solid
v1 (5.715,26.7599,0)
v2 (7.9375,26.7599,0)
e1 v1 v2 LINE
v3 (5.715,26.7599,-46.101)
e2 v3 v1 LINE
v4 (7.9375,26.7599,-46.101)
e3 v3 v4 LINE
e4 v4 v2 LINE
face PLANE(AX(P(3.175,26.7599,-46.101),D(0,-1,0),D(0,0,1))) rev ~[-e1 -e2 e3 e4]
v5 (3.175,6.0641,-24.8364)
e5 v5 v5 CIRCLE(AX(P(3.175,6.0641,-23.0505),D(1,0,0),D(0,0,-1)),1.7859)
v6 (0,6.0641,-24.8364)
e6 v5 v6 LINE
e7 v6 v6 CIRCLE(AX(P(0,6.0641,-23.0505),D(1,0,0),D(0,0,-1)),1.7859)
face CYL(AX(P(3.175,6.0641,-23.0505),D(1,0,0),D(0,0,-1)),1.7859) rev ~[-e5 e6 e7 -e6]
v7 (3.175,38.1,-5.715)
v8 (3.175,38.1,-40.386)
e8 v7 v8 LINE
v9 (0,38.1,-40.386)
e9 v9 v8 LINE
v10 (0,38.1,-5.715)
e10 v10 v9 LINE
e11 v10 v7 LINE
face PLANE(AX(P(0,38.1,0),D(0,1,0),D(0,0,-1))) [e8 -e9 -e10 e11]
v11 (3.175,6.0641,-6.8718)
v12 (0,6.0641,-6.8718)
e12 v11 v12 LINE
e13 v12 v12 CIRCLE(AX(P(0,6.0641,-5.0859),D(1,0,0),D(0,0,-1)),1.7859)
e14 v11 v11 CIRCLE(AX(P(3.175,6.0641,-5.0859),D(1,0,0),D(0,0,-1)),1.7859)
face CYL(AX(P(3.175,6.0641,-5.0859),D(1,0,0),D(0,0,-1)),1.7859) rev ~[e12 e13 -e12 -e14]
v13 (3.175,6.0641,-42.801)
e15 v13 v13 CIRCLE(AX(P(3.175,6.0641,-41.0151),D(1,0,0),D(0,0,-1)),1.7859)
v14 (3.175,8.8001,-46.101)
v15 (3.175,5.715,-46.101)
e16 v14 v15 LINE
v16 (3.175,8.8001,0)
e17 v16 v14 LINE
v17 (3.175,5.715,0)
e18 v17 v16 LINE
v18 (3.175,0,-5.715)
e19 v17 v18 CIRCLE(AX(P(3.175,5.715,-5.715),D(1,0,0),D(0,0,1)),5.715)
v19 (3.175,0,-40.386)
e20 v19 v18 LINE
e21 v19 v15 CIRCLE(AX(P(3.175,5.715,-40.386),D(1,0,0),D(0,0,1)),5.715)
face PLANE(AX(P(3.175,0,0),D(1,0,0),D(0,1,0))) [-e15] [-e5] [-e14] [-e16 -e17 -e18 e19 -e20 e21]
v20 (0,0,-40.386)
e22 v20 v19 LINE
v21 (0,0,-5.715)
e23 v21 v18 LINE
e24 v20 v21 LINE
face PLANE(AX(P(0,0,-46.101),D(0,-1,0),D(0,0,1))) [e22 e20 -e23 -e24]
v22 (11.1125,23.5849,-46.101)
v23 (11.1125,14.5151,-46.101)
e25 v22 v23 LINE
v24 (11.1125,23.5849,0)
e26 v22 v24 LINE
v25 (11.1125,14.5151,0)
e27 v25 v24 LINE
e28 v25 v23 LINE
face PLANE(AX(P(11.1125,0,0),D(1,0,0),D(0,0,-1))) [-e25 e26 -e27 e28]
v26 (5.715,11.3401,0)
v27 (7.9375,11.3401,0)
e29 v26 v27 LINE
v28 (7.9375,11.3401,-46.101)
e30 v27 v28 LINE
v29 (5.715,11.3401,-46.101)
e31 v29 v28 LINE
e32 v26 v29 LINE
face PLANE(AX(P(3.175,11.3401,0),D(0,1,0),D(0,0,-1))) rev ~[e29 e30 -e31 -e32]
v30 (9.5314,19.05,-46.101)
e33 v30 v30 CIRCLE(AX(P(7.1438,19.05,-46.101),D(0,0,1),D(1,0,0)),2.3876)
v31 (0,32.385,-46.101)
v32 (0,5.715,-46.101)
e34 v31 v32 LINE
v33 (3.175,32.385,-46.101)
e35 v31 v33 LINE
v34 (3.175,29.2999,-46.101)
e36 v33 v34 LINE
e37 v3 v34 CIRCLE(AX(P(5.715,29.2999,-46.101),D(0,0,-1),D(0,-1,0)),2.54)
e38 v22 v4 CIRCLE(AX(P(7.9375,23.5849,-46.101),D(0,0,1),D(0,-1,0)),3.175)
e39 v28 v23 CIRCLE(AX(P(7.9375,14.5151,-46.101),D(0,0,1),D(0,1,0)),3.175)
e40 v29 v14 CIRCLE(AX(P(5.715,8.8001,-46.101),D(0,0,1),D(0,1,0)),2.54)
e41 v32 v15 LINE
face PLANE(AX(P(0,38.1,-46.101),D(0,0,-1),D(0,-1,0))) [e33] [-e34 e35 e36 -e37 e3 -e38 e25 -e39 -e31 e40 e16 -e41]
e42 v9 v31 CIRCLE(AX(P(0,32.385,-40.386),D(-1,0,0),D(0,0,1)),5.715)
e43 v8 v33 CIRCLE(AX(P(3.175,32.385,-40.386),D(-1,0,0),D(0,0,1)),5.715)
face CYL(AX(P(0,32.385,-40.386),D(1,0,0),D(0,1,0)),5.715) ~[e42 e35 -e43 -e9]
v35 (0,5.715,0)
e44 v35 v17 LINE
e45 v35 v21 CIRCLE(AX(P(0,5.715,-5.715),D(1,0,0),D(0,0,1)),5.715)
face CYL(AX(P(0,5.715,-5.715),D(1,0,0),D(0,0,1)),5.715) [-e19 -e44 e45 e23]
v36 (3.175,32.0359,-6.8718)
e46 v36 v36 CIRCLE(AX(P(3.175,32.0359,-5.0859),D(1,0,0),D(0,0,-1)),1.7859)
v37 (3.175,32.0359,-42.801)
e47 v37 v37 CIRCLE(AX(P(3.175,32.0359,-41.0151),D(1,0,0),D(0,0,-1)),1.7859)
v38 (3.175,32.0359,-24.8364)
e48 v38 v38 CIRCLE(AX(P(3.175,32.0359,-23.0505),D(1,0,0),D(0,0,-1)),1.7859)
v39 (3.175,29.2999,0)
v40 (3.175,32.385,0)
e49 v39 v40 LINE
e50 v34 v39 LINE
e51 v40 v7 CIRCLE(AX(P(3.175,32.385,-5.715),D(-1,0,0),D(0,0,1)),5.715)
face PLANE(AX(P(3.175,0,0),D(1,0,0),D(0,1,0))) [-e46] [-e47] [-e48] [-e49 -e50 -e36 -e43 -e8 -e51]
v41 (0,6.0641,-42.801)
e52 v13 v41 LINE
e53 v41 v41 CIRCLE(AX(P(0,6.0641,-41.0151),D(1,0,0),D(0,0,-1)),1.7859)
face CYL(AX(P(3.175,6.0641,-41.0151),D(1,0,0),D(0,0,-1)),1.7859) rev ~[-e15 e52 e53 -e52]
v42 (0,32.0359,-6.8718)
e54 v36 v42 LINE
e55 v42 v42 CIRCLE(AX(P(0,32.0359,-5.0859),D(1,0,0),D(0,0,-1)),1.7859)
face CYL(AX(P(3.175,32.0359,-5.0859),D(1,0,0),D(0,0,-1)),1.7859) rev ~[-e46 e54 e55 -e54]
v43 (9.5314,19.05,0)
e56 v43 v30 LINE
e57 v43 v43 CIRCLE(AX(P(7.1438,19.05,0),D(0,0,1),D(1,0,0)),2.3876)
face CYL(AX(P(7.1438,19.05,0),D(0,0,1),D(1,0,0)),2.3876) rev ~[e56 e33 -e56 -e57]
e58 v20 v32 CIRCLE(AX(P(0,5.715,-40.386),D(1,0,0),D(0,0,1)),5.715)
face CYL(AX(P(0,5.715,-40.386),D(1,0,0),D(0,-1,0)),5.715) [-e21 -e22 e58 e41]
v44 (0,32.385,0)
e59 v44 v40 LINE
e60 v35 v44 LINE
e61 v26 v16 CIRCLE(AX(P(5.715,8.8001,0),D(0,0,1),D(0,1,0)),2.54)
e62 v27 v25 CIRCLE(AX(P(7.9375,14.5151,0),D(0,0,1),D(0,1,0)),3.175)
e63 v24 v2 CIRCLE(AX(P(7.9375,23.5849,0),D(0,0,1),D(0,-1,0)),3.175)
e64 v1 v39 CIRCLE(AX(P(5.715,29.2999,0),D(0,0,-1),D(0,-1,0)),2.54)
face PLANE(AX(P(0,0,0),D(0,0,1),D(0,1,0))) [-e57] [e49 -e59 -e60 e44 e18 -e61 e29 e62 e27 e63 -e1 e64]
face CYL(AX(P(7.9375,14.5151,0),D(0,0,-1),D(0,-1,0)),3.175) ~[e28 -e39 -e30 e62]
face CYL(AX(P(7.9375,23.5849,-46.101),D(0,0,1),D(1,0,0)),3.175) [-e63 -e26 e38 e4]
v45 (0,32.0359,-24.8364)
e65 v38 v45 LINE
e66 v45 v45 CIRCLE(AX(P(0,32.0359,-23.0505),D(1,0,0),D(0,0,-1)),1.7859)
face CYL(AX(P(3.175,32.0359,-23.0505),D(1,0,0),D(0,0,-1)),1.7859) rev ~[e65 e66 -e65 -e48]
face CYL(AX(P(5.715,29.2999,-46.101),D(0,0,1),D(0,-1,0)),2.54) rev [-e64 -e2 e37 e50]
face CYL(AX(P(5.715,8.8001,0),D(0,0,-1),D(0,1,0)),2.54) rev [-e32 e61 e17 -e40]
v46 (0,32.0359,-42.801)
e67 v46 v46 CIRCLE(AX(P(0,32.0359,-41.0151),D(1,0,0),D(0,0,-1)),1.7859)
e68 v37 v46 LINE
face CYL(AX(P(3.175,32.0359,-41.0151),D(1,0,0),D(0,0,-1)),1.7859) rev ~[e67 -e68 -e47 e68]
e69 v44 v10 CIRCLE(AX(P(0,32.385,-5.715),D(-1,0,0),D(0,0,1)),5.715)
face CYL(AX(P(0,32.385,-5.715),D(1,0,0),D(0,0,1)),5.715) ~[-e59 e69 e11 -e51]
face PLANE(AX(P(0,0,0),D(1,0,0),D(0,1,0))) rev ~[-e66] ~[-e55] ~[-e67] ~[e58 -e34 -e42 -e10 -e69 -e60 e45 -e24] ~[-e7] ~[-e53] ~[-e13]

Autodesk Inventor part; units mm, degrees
ref_plane "YZ Plane" through (0, 0, 0) normal (1, 0, 0) x (0, 1, 0)
ref_plane "XZ Plane" through (0, 0, 0) normal (0, 1, 0) x (-1, 0, 0)
ref_plane "XY Plane" through (0, 0, 0) normal (0, 0, 1) x (1, 0, 0)
sketch "Sketch1" plane through (0, 0, 0) normal (1, 0, 0) x (0, 1, 0)
  line L0 (0, 0) -> (38.1, 0)
  line L1 (38.1, 0) -> (38.1, -46.101)
  line L2 (38.1, -46.101) -> (0, -46.101)
  line L3 (0, -46.101) -> (0, 0)
  dimension "d0" = 38.1
  dimension "d1" = 46.101
extrude "Extrusion1" add sketch "Sketch1" along normal blind 3.175
sketch "Sketch2" plane through (3.175, 0, 0) normal (1, 0, 0) x (0, 0, -1)
  line L0 (0, 38.1) -> (0, 0) construction
  line L1 (0, 0) -> (46.101, 0) construction
  line L2 (46.101, 0) -> (46.101, 38.1) construction
  line L3 (46.101, 38.1) -> (0, 38.1) construction
  line L4 (0, 38.1) -> (0, 0) construction
  line L5 (0, 19.05) -> (46.101, 19.05) construction
  line L6 (46.101, 38.1) -> (0, 38.1) construction
  line L7 (0, 0) -> (46.101, 0) construction
  line L8 (46.101, 0) -> (46.101, 38.1) projected
  line L9 (23.0505, 19.05) -> (23.0505, 6.0641) construction
  line L10 (23.0505, 19.05) -> (23.0505, 32.0359) construction
  line L11 (17.0623, 6.0641) -> (23.0505, 6.0641) construction
  line L12 (23.0505, 6.0641) -> (29.0387, 6.0641) construction
  line L13 (17.0623, 6.0641) -> (17.0623, 7.2131) construction
  line L14 (29.0387, 6.0641) -> (29.0387, 7.2131) construction
  line L15 (29.0387, 6.0641) -> (35.0269, 6.0641) construction
  line L16 (35.0269, 6.0641) -> (41.0151, 6.0641) construction
  line L17 (41.0151, 6.0641) -> (41.0151, 7.2131) construction
  line L18 (17.0623, 6.0641) -> (11.0741, 6.0641) construction
  line L19 (11.0741, 6.0641) -> (5.0859, 6.0641) construction
  line L20 (5.0859, 7.2131) -> (5.0859, 6.0641) construction
  circle A0 centre (23.0505, 6.0641) radius 1.7859
  circle A1 centre (5.0859, 6.0641) radius 1.7859
  circle A2 centre (41.0151, 6.0641) radius 1.7859
  line L21 (5.0859, 6.0641) -> (5.0859, 32.0359) construction
  line L22 (5.0859, 32.0359) -> (23.0505, 32.0359) construction
  line L23 (23.0505, 32.0359) -> (41.0151, 32.0359) construction
  line L24 (41.0151, 32.0359) -> (41.0151, 6.0641) construction
  circle A3 centre (5.0859, 32.0359) radius 1.7859
  circle A4 centre (23.0505, 32.0359) radius 1.7859
  circle A5 centre (41.0151, 32.0359) radius 1.7859
  dimension "d16" = 3.5719
extrude "Extrusion2" cut sketch "Sketch2" against normal through all
sketch "Sketch3" plane through (3.175, 0, 0) normal (1, 0, 0) x (0, 0, -1)
  line L0 (0, 38.1) -> (0, 0) projected
  line L1 (0, 19.05) -> (46.101, 19.05)
  line L2 (46.101, 0) -> (46.101, 38.1) projected
  line L3 (0, 11.3401) -> (46.101, 11.3401)
  line L4 (46.101, 11.3401) -> (46.101, 26.7599)
  line L5 (46.101, 26.7599) -> (0, 26.7599)
  line L6 (0, 26.7599) -> (0, 11.3401)
  line L7 (0, 11.3401) -> (46.101, 26.7599) construction
  line L8 (46.101, 11.3401) -> (0, 26.7599) construction
  point P0 (23.0505, 19.05)
extrude "Extrusion3" add sketch "Sketch3" along normal blind 7.9375
sketch "Sketch4" plane through (0, 0, 0) normal (0, 0, 1) x (1, 0, 0)
  line L0 (0, 0) -> (0, 38.1) projected
  line L1 (0, 0) -> (3.175, 0) projected
  line L2 (3.175, 11.3401) -> (3.175, 0) projected
  line L3 (3.175, 11.3401) -> (11.1125, 11.3401) projected
  line L4 (11.1125, 26.7599) -> (11.1125, 11.3401) projected
  line L5 (3.175, 26.7599) -> (11.1125, 26.7599) projected
  line L6 (3.175, 38.1) -> (3.175, 26.7599) projected
  line L7 (0, 38.1) -> (3.175, 38.1) projected
  line L8 (3.175, 26.7599) -> (3.175, 11.3401)
  line L9 (11.1125, 19.05) -> (3.175, 19.05) construction
  line L10 (3.175, 26.7599) -> (11.1125, 26.7599) construction
  line L11 (7.1437, 26.7599) -> (7.1438, 11.3401) construction
  circle A0 centre (7.1438, 19.05) radius 2.3876
  dimension "d9" = 4.7752
extrude "Extrusion4" cut sketch "Sketch4" against normal through all contours A0
fillet "Fillet1" radius 3.175 2 edges at (11.1125, 26.7599, -23.0505) (11.1125, 11.3401, -23.0505)
fillet "Fillet2" radius 2.54 2 edges at (3.175, 26.7599, -23.0505) (3.175, 11.3401, -23.0505)
fillet "Fillet4" radius 5.715 4 edges at (1.5875, 0, -46.101) (1.5875, 0, 0) (1.5875, 38.1, 0) (1.5875, 38.1, -46.101)
properties part number "top axle holder 2"
